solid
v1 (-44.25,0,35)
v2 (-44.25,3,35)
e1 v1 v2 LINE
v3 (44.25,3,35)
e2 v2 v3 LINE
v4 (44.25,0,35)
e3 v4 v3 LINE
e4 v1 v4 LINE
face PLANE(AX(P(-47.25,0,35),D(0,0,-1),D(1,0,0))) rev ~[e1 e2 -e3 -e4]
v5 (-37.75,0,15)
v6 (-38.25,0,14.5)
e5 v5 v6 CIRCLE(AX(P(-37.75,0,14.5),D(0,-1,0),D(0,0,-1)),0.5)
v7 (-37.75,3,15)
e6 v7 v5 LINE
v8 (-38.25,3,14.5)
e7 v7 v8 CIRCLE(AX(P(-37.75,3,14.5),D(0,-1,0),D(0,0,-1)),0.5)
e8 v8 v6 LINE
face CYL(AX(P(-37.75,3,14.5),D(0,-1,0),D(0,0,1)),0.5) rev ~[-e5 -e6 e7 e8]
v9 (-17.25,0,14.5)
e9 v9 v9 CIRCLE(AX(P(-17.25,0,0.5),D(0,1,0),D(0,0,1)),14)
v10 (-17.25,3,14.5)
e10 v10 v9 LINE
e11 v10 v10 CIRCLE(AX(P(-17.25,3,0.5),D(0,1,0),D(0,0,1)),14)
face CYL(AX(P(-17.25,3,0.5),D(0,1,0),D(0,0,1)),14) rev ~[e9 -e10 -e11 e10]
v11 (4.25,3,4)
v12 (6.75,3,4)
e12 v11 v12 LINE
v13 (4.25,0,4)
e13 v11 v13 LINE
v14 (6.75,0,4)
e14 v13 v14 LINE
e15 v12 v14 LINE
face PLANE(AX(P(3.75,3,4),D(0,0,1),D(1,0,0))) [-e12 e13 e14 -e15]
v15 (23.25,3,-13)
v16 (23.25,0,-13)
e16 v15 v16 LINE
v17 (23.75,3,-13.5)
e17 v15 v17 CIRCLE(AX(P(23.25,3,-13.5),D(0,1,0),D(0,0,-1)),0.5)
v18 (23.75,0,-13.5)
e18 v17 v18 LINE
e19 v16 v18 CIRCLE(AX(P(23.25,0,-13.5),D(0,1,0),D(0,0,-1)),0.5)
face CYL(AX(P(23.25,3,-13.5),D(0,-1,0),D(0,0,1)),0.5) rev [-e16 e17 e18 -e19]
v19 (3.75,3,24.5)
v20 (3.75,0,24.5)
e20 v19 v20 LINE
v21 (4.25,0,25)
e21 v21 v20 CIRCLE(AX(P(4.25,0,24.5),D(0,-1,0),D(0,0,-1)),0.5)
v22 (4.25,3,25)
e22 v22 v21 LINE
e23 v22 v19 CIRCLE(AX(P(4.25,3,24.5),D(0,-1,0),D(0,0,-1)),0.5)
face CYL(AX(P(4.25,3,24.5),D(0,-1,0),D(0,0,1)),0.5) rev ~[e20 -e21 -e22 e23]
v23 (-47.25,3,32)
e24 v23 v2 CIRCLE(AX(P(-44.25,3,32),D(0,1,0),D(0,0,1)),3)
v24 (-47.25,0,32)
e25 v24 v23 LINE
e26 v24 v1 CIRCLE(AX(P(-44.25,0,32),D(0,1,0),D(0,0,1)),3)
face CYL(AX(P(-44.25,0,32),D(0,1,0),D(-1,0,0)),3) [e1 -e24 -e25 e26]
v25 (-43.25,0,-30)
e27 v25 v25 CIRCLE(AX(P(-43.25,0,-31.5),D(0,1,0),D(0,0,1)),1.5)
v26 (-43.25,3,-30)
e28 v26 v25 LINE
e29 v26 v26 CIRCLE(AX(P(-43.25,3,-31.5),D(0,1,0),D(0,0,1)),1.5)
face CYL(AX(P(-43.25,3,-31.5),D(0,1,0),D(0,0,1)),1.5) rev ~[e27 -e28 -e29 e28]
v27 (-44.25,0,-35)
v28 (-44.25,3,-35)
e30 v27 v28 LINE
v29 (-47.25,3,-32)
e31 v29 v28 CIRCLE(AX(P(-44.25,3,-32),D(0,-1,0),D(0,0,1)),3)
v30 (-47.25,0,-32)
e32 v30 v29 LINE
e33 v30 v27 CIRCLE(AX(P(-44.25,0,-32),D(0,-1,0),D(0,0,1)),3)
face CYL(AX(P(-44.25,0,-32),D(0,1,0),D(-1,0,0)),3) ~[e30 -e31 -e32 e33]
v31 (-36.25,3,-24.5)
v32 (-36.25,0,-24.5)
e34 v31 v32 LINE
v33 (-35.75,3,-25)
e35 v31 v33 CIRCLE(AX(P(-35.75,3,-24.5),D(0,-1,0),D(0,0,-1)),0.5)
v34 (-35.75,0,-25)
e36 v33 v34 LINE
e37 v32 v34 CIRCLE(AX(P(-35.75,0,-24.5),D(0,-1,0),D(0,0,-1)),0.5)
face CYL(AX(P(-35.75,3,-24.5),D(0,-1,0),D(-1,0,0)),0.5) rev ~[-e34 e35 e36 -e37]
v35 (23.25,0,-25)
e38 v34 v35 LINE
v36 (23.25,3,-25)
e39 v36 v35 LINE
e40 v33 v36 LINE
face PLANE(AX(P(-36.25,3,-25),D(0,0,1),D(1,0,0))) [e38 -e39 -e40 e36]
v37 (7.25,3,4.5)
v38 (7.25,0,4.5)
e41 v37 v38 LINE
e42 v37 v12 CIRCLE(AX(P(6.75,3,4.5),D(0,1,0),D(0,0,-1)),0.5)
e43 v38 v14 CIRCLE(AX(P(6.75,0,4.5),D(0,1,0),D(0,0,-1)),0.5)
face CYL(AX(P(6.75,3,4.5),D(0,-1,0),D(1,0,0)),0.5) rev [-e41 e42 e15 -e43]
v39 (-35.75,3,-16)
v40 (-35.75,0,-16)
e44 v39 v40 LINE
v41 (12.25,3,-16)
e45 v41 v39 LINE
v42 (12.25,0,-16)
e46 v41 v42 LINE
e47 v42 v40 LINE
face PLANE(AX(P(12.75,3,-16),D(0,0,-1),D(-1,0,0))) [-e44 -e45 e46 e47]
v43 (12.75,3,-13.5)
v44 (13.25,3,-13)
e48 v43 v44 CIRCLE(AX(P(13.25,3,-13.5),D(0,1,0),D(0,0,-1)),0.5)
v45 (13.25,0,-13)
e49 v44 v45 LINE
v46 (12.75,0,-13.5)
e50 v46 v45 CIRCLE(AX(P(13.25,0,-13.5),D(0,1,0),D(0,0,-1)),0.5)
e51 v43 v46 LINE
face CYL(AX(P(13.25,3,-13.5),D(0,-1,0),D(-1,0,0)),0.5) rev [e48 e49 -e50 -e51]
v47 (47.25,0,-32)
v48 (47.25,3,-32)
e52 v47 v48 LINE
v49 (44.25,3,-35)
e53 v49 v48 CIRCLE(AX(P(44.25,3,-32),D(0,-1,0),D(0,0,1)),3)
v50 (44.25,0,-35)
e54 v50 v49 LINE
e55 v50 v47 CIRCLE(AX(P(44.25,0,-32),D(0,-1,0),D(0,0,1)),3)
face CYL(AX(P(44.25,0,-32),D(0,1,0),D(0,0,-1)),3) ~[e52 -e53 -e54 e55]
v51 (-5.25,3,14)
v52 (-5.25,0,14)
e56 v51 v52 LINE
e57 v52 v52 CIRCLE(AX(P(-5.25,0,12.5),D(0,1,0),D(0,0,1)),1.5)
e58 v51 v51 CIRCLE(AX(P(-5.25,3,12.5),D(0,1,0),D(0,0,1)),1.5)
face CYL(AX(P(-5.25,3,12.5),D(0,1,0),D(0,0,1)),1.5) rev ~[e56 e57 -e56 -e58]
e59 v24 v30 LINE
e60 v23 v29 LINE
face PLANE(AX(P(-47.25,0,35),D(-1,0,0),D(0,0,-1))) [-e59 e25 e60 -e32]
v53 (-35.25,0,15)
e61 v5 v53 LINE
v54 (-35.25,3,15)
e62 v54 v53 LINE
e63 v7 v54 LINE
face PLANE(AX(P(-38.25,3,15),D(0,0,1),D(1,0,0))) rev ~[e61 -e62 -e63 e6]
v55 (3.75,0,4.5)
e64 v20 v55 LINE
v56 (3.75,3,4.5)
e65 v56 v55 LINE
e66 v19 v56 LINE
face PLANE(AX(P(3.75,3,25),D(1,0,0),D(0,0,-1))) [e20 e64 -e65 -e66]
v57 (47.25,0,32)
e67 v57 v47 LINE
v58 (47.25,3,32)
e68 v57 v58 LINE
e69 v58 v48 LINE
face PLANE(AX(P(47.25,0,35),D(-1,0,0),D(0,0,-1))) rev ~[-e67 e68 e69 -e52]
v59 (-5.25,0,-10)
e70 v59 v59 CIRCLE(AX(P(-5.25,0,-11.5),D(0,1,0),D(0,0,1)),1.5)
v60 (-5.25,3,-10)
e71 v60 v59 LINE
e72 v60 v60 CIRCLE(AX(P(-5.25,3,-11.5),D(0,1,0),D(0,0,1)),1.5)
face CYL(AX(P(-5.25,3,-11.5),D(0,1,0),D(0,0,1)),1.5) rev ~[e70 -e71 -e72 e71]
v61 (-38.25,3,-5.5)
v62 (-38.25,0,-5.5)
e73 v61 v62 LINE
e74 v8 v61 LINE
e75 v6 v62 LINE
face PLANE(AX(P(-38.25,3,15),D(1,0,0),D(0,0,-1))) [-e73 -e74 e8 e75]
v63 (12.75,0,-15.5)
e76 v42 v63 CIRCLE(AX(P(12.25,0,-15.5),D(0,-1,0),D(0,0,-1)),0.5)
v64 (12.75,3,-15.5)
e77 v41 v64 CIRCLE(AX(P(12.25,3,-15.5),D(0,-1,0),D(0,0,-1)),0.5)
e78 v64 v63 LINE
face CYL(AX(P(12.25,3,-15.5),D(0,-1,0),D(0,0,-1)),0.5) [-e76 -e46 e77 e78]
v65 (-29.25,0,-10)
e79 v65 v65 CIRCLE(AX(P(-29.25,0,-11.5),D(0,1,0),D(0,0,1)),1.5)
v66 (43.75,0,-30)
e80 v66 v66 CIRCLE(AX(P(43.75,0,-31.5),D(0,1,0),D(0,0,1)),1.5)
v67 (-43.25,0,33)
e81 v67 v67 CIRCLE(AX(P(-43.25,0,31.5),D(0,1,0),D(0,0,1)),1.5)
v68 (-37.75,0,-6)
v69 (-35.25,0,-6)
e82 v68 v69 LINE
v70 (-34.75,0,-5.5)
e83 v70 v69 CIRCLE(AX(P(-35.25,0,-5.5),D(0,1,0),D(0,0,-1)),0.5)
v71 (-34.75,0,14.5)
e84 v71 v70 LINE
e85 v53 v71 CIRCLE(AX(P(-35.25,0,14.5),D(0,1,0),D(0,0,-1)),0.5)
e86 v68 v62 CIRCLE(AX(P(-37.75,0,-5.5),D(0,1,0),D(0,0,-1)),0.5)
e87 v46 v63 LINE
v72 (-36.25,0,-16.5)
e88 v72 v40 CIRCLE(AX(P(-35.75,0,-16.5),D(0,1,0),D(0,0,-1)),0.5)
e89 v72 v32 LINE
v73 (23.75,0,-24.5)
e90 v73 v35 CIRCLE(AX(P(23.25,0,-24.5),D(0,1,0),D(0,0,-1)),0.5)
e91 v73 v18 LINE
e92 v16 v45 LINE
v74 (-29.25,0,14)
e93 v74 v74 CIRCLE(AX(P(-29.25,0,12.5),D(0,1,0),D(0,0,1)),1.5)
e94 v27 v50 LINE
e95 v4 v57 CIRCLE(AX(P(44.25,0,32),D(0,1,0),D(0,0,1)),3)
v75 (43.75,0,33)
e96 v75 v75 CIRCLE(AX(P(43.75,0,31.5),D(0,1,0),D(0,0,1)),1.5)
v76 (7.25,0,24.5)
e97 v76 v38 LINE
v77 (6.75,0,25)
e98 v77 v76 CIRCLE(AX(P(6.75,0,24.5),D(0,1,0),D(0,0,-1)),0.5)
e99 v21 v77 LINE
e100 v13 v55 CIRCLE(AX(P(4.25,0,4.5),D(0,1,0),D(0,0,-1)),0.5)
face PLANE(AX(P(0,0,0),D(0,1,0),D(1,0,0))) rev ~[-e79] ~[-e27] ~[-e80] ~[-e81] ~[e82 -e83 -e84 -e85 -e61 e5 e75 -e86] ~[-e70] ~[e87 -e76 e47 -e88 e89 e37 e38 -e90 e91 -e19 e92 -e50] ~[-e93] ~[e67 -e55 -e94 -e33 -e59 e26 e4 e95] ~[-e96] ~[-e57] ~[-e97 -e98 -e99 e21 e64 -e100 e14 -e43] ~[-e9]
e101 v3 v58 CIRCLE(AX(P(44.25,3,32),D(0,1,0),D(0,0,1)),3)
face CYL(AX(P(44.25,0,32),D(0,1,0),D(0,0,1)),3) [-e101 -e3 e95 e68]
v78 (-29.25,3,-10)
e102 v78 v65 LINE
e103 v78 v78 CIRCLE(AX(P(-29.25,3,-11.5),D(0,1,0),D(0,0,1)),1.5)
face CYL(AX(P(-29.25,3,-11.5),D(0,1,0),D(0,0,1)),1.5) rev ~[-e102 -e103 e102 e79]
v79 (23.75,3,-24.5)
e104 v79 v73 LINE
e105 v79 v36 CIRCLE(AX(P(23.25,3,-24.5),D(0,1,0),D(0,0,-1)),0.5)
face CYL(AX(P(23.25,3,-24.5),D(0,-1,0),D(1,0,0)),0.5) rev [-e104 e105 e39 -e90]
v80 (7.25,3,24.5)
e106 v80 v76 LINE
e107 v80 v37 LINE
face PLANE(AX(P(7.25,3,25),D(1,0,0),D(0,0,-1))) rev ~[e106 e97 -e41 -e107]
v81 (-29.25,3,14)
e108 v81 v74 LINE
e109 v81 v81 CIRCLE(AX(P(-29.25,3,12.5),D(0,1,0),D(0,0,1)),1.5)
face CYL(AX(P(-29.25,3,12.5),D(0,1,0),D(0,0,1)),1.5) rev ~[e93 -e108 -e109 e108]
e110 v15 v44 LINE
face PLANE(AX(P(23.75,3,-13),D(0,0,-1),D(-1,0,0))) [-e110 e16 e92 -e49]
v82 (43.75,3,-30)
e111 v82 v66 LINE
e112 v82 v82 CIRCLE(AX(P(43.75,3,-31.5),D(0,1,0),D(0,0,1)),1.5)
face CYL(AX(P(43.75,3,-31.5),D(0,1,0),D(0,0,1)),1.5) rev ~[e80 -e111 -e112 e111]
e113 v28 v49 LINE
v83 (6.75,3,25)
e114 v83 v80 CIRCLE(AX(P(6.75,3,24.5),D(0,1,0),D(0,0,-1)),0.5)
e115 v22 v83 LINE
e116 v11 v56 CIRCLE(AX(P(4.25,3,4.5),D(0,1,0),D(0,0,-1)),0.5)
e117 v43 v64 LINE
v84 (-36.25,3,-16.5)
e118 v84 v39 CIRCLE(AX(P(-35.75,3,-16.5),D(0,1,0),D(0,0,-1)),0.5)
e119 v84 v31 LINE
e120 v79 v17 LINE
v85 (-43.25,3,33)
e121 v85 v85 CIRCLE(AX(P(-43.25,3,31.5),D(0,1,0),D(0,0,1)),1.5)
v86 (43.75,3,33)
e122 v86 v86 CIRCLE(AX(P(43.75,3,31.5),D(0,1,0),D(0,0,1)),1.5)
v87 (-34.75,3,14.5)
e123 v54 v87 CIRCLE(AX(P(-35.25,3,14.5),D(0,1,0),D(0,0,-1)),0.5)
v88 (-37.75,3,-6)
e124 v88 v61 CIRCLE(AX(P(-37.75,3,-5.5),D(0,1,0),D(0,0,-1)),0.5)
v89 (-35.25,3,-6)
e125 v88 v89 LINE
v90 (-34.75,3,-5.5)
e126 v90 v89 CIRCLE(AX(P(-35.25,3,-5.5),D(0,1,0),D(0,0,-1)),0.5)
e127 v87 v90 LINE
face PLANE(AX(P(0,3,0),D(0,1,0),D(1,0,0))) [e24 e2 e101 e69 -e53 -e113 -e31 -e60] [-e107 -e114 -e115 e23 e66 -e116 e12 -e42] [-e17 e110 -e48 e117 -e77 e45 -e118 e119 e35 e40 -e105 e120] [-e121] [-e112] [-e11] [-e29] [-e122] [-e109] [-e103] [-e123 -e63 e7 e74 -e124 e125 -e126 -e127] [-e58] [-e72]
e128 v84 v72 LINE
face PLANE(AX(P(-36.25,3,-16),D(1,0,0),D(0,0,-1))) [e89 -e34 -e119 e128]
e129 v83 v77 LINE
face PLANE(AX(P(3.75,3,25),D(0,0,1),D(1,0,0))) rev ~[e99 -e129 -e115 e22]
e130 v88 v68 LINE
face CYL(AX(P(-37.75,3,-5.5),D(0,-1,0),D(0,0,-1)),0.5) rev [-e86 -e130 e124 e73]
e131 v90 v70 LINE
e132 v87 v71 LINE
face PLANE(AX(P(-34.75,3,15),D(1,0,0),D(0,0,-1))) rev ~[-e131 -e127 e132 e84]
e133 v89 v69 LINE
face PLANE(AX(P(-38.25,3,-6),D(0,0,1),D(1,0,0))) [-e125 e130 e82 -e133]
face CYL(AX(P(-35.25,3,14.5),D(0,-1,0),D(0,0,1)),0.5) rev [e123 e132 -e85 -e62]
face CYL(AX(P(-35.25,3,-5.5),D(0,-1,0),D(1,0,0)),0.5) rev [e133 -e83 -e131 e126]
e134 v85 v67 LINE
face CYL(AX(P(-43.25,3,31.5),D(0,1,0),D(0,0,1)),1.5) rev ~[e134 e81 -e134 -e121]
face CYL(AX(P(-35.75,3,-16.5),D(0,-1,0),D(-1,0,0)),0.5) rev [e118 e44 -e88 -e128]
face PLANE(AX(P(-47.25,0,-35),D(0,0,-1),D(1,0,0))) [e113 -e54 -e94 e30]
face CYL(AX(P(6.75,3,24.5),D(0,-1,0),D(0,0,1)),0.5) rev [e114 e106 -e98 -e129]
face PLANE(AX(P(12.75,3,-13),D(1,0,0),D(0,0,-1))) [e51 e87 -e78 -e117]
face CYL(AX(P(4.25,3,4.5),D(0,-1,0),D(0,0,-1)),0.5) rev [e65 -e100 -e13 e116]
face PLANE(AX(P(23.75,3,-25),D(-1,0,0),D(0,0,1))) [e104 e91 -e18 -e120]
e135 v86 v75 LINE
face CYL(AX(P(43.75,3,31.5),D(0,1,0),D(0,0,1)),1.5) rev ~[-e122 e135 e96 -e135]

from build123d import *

# Parameters (mm, degrees)
SKETCH1_W           = 94.5
SKETCH1_H           = 70
BOSS_EXTRUDE1_DEPTH = 3
SKETCH2_R           = 14
SKETCH2_R_2         = 1.5
SKETCH2_W           = 3.5
SKETCH2_H           = 21
CUT_EXTRUDE1_DEPTH  = 59.877521177
FILLET1_R           = 0.5
SKETCH3_R           = 1.5
CUT_EXTRUDE2_DEPTH  = 59.877521177
FILLET2_R           = 3


with BuildPart() as part:
    # Sketch1 → Boss-Extrude1 (new body)
    with BuildSketch(Plane(origin=(0, 0, 0), x_dir=(1, 0, 0), z_dir=(0, 1, 0))):
        Rectangle(SKETCH1_W, SKETCH1_H)
    extrude(amount=BOSS_EXTRUDE1_DEPTH)

    # Sketch2 → Cut-Extrude1 (cut, through all)
    with BuildSketch(Plane(origin=(0, 3, 0), x_dir=(1, 0, 0), z_dir=(0, 1, 0))):
        with Locations(Location((-17.25, -0.5, 0), (0, 0, 270))):
            Circle(SKETCH2_R)
        with Locations(Location((-5.25, 11.5, 0), (0, 0, 270))):
            Circle(SKETCH2_R_2)
        with Locations(Location((-29.25, 11.5, 0), (0, 0, 270))):
            Circle(SKETCH2_R_2)
        with Locations(Location((-29.25, -12.5, 0), (0, 0, 270))):
            Circle(SKETCH2_R_2)
        with Locations(Location((-5.25, -12.5, 0), (0, 0, 270))):
            Circle(SKETCH2_R_2)
        Polygon((-36.25, 25), (23.75, 25), (23.75, 13), (12.75, 13), (12.75, 16), (-36.25, 16), align=None)
        with Locations((-36.5, -4.5)):
            Rectangle(SKETCH2_W, SKETCH2_H)
        with Locations((5.5, -14.5)):
            Rectangle(SKETCH2_W, SKETCH2_H)
    extrude(amount=-CUT_EXTRUDE1_DEPTH, mode=Mode.SUBTRACT)

    # Fillet1
    fillet1_edges = [part.edges().sort_by_distance(p)[0] for p in [
        (3.75, 1.5, 25),
        (3.75, 1.5, 4),
        (7.25, 1.5, 4),
        (7.25, 1.5, 25),
        (-38.25, 1.5, -6),
        (-34.75, 1.5, -6),
        (-34.75, 1.5, 15),
        (-38.25, 1.5, 15),
        (-36.25, 1.5, -16),
        (-36.25, 1.5, -25),
        (23.75, 1.5, -25),
        (23.75, 1.5, -13),
        (12.75, 1.5, -13),
        (12.75, 1.5, -16),
    ]]
    fillet(fillet1_edges, radius=FILLET1_R)

    # Sketch3 → Cut-Extrude2 (cut, through all)
    with BuildSketch(Plane(origin=(0, 3, 0), x_dir=(1, 0, 0), z_dir=(0, 1, 0))):
        with Locations(Location((43.75, 31.5, 0), (0, 0, 270))):
            Circle(SKETCH3_R)
        with Locations(Location((-43.25, 31.5, 0), (0, 0, 270))):
            Circle(SKETCH3_R)
        with Locations(Location((-43.25, -31.5, 0), (0, 0, 270))):
            Circle(SKETCH3_R)
        with Locations(Location((43.75, -31.5, 0), (0, 0, 270))):
            Circle(SKETCH3_R)
    extrude(amount=-CUT_EXTRUDE2_DEPTH, mode=Mode.SUBTRACT)

    # Fillet2
    fillet2_edges = [part.edges().sort_by_distance(p)[0] for p in [
        (47.25, 1.5, 35),
        (-47.25, 1.5, 35),
        (-47.25, 1.5, -35),
        (47.25, 1.5, -35),
    ]]
    fillet(fillet2_edges, radius=FILLET2_R)


solid = part.part
